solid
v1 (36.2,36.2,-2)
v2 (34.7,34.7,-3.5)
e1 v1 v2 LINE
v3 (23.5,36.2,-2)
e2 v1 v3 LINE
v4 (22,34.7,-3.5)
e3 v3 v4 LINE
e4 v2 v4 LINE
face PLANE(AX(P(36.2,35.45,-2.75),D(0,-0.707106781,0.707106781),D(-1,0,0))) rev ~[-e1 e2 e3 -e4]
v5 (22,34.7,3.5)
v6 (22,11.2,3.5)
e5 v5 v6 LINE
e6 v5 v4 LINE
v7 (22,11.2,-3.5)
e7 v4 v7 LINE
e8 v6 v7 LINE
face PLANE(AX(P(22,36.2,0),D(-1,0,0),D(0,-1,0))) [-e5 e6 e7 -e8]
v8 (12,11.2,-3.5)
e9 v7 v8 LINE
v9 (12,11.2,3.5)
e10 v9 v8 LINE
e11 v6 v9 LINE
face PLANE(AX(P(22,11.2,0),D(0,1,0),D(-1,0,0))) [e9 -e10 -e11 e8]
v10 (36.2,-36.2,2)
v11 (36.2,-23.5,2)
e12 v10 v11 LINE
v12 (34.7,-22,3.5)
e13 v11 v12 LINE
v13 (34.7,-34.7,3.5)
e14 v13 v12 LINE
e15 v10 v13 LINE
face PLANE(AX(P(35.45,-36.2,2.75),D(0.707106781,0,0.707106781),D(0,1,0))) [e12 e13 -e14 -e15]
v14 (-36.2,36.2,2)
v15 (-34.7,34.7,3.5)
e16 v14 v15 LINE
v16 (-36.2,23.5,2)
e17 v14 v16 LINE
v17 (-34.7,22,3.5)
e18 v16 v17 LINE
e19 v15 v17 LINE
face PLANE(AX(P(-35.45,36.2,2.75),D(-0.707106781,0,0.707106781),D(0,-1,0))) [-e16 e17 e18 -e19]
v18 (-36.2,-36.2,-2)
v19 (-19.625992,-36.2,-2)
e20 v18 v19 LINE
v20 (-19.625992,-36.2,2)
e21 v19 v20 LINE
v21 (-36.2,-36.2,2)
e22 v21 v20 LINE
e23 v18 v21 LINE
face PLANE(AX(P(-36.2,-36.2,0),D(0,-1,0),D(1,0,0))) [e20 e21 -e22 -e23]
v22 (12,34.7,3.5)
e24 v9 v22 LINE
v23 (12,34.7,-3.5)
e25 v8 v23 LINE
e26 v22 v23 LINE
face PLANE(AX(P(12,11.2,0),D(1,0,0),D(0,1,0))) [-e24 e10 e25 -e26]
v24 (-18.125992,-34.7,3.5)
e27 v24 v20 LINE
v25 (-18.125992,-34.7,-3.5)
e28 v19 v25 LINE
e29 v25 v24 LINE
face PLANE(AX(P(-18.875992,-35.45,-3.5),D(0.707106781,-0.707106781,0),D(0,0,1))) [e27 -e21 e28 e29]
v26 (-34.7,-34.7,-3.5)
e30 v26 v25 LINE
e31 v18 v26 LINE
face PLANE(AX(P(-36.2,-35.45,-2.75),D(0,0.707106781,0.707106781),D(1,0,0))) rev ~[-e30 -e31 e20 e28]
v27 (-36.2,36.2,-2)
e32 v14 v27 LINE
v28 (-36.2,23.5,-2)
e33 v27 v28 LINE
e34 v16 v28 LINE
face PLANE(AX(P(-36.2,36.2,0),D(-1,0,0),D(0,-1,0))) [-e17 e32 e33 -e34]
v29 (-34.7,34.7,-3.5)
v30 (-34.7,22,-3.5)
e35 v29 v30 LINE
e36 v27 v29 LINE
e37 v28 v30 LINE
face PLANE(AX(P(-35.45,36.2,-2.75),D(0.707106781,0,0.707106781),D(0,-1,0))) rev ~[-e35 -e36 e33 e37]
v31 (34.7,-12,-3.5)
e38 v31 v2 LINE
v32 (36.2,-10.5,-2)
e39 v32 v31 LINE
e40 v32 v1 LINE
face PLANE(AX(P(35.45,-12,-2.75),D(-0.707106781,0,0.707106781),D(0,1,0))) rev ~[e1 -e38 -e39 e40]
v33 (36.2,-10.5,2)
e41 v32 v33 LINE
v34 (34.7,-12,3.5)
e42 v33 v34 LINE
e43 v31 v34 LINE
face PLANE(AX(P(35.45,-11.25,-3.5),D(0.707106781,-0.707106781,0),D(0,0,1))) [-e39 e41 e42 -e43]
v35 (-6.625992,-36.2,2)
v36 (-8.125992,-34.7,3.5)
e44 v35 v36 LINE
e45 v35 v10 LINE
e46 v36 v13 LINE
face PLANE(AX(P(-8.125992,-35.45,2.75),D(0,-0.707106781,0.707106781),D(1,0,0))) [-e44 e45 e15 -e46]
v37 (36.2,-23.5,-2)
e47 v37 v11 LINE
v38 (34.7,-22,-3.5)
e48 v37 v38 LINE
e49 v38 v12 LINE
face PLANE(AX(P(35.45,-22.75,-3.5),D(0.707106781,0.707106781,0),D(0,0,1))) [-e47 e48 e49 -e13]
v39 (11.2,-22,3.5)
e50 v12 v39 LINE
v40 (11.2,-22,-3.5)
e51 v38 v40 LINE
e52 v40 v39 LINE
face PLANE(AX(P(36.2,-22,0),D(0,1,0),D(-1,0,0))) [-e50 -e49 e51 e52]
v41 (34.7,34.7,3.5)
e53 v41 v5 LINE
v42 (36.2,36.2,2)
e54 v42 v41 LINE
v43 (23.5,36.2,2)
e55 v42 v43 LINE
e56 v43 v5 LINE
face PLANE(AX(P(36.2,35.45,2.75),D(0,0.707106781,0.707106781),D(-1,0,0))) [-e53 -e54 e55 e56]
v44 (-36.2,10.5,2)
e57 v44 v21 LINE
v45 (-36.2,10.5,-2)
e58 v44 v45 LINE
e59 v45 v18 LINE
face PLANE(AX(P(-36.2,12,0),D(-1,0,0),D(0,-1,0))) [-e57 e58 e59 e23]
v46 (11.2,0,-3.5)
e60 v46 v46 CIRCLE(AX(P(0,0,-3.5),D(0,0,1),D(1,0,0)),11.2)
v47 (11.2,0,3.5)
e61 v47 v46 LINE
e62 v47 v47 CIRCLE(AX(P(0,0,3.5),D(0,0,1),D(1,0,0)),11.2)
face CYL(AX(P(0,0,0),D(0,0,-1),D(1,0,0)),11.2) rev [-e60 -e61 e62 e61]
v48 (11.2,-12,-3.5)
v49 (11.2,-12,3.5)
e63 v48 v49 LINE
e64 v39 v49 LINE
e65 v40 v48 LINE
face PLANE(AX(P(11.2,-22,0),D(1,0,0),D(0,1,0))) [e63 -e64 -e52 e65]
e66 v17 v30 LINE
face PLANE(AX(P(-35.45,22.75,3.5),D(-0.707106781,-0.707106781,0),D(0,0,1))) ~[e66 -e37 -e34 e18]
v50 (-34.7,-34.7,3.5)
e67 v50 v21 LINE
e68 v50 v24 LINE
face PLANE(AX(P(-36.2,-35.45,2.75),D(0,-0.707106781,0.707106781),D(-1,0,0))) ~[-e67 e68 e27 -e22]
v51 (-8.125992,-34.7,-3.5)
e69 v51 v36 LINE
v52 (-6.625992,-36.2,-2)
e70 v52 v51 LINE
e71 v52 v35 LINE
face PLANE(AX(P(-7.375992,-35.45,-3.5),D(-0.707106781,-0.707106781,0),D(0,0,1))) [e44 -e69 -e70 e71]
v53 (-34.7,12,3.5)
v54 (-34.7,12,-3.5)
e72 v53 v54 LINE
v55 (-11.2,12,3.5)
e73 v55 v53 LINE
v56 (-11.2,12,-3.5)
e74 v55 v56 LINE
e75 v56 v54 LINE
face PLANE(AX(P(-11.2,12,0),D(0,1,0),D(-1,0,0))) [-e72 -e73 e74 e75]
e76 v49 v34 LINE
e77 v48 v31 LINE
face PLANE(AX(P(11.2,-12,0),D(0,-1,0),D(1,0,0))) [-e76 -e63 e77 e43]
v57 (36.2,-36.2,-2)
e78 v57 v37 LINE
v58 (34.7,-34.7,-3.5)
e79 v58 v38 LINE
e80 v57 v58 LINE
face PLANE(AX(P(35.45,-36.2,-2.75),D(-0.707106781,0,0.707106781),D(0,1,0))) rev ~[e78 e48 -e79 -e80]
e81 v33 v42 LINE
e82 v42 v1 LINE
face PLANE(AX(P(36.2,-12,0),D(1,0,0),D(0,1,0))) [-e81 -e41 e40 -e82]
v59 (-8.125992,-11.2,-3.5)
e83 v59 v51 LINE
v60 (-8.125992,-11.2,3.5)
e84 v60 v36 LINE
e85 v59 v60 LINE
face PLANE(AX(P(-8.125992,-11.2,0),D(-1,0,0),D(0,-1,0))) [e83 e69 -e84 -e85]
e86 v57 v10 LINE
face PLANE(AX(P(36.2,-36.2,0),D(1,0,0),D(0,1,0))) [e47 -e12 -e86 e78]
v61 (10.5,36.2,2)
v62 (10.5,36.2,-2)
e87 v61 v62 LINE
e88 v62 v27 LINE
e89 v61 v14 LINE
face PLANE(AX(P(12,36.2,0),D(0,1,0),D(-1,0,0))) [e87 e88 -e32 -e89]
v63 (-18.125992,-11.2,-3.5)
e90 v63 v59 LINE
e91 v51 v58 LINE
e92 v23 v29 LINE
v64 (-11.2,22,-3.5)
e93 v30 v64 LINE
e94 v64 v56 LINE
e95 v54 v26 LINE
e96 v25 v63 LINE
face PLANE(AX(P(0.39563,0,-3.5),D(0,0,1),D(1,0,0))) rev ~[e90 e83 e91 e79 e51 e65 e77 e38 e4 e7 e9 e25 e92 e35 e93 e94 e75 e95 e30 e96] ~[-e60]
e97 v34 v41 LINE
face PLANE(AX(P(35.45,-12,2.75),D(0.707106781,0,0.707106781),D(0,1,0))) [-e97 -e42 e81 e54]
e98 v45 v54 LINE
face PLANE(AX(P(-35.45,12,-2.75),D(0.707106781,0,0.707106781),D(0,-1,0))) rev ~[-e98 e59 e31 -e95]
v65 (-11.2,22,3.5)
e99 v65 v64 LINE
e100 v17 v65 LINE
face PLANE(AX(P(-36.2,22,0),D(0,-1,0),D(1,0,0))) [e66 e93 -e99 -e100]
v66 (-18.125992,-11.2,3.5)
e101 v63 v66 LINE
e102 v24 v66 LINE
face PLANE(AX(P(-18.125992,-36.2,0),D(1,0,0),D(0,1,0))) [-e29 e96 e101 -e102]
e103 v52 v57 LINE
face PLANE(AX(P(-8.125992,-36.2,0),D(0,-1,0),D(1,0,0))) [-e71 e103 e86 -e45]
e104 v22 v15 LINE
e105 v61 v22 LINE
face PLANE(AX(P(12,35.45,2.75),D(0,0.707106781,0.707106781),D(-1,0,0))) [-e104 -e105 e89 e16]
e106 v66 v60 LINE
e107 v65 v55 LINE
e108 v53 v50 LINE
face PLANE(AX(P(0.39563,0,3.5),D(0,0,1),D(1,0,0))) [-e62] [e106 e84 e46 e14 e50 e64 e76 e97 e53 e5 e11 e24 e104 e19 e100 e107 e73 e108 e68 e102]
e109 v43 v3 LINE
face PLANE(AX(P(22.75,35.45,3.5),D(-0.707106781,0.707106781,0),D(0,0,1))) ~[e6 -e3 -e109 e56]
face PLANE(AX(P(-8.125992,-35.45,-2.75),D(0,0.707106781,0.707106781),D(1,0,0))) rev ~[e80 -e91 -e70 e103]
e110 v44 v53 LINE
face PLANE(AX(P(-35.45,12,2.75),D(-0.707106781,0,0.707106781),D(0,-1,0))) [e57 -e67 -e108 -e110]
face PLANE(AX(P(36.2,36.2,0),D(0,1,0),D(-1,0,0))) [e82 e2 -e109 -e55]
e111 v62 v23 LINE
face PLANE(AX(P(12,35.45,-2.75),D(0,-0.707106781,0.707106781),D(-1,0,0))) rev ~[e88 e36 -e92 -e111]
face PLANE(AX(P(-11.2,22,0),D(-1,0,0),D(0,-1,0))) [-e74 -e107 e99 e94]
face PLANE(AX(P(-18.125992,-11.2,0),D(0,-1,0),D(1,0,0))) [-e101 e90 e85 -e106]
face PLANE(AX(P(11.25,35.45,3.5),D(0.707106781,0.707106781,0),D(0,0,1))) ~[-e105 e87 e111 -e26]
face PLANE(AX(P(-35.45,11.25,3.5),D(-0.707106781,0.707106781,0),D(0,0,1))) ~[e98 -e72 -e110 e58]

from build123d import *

# Parameters (mm, degrees)
F0_R     = 11.2
F1_DEPTH = 3.5
F2_SIZE  = 1.5


with BuildPart() as f1:
    # F0 (on Top) → F1 (new body, symmetric)
    with BuildSketch(Plane.XY):
        Polygon((-36.2, 12), (-36.2, 0), (-36.2, -36.2), (-18.1259922683, -36.2), (-18.1259922683, -11.2), (-8.1259922683, -11.2), (-8.1259922683, -36.2), (0, -36.2), (36.2, -36.2), (36.2, -22), (11.2, -22), (11.2, -12), (36.2, -12), (36.2, 0), (36.2, 36.2), (22, 36.2), (22, 11.2), (12, 11.2), (12, 36.2), (0, 36.2), (-36.2, 36.2), (-36.2, 22), (-11.2, 22), (-11.2, 12), align=None)
        Circle(F0_R, mode=Mode.SUBTRACT)
    extrude(amount=F1_DEPTH, both=True)

    # F2
    f2_edges = [f1.edges().sort_by_distance(p)[0] for p in [
        (14.037004, -36.2, 3.5),
        (36.2, -29.1, 3.5),
        (36.2, 12.1, 3.5),
        (-27.162996, -36.2, 3.5),
        (-36.2, -12.1, 3.5),
        (-36.2, 29.1, 3.5),
        (-12.1, 36.2, 3.5),
        (29.1, 36.2, 3.5),
        (36.2, -29.1, -3.5),
        (14.037004, -36.2, -3.5),
        (36.2, 12.1, -3.5),
        (29.1, 36.2, -3.5),
        (-12.1, 36.2, -3.5),
        (-36.2, 29.1, -3.5),
        (-36.2, -12.1, -3.5),
        (-27.162996, -36.2, -3.5),
        (-8.125992, -36.2, 0),
        (-18.125992, -36.2, 0),
        (36.2, -22, 0),
        (36.2, -12, 0),
        (22, 36.2, 0),
        (12, 36.2, 0),
        (-36.2, 22, 0),
        (-36.2, 12, 0),
    ]]
    chamfer(f2_edges, length=F2_SIZE)


solid = f1.part
